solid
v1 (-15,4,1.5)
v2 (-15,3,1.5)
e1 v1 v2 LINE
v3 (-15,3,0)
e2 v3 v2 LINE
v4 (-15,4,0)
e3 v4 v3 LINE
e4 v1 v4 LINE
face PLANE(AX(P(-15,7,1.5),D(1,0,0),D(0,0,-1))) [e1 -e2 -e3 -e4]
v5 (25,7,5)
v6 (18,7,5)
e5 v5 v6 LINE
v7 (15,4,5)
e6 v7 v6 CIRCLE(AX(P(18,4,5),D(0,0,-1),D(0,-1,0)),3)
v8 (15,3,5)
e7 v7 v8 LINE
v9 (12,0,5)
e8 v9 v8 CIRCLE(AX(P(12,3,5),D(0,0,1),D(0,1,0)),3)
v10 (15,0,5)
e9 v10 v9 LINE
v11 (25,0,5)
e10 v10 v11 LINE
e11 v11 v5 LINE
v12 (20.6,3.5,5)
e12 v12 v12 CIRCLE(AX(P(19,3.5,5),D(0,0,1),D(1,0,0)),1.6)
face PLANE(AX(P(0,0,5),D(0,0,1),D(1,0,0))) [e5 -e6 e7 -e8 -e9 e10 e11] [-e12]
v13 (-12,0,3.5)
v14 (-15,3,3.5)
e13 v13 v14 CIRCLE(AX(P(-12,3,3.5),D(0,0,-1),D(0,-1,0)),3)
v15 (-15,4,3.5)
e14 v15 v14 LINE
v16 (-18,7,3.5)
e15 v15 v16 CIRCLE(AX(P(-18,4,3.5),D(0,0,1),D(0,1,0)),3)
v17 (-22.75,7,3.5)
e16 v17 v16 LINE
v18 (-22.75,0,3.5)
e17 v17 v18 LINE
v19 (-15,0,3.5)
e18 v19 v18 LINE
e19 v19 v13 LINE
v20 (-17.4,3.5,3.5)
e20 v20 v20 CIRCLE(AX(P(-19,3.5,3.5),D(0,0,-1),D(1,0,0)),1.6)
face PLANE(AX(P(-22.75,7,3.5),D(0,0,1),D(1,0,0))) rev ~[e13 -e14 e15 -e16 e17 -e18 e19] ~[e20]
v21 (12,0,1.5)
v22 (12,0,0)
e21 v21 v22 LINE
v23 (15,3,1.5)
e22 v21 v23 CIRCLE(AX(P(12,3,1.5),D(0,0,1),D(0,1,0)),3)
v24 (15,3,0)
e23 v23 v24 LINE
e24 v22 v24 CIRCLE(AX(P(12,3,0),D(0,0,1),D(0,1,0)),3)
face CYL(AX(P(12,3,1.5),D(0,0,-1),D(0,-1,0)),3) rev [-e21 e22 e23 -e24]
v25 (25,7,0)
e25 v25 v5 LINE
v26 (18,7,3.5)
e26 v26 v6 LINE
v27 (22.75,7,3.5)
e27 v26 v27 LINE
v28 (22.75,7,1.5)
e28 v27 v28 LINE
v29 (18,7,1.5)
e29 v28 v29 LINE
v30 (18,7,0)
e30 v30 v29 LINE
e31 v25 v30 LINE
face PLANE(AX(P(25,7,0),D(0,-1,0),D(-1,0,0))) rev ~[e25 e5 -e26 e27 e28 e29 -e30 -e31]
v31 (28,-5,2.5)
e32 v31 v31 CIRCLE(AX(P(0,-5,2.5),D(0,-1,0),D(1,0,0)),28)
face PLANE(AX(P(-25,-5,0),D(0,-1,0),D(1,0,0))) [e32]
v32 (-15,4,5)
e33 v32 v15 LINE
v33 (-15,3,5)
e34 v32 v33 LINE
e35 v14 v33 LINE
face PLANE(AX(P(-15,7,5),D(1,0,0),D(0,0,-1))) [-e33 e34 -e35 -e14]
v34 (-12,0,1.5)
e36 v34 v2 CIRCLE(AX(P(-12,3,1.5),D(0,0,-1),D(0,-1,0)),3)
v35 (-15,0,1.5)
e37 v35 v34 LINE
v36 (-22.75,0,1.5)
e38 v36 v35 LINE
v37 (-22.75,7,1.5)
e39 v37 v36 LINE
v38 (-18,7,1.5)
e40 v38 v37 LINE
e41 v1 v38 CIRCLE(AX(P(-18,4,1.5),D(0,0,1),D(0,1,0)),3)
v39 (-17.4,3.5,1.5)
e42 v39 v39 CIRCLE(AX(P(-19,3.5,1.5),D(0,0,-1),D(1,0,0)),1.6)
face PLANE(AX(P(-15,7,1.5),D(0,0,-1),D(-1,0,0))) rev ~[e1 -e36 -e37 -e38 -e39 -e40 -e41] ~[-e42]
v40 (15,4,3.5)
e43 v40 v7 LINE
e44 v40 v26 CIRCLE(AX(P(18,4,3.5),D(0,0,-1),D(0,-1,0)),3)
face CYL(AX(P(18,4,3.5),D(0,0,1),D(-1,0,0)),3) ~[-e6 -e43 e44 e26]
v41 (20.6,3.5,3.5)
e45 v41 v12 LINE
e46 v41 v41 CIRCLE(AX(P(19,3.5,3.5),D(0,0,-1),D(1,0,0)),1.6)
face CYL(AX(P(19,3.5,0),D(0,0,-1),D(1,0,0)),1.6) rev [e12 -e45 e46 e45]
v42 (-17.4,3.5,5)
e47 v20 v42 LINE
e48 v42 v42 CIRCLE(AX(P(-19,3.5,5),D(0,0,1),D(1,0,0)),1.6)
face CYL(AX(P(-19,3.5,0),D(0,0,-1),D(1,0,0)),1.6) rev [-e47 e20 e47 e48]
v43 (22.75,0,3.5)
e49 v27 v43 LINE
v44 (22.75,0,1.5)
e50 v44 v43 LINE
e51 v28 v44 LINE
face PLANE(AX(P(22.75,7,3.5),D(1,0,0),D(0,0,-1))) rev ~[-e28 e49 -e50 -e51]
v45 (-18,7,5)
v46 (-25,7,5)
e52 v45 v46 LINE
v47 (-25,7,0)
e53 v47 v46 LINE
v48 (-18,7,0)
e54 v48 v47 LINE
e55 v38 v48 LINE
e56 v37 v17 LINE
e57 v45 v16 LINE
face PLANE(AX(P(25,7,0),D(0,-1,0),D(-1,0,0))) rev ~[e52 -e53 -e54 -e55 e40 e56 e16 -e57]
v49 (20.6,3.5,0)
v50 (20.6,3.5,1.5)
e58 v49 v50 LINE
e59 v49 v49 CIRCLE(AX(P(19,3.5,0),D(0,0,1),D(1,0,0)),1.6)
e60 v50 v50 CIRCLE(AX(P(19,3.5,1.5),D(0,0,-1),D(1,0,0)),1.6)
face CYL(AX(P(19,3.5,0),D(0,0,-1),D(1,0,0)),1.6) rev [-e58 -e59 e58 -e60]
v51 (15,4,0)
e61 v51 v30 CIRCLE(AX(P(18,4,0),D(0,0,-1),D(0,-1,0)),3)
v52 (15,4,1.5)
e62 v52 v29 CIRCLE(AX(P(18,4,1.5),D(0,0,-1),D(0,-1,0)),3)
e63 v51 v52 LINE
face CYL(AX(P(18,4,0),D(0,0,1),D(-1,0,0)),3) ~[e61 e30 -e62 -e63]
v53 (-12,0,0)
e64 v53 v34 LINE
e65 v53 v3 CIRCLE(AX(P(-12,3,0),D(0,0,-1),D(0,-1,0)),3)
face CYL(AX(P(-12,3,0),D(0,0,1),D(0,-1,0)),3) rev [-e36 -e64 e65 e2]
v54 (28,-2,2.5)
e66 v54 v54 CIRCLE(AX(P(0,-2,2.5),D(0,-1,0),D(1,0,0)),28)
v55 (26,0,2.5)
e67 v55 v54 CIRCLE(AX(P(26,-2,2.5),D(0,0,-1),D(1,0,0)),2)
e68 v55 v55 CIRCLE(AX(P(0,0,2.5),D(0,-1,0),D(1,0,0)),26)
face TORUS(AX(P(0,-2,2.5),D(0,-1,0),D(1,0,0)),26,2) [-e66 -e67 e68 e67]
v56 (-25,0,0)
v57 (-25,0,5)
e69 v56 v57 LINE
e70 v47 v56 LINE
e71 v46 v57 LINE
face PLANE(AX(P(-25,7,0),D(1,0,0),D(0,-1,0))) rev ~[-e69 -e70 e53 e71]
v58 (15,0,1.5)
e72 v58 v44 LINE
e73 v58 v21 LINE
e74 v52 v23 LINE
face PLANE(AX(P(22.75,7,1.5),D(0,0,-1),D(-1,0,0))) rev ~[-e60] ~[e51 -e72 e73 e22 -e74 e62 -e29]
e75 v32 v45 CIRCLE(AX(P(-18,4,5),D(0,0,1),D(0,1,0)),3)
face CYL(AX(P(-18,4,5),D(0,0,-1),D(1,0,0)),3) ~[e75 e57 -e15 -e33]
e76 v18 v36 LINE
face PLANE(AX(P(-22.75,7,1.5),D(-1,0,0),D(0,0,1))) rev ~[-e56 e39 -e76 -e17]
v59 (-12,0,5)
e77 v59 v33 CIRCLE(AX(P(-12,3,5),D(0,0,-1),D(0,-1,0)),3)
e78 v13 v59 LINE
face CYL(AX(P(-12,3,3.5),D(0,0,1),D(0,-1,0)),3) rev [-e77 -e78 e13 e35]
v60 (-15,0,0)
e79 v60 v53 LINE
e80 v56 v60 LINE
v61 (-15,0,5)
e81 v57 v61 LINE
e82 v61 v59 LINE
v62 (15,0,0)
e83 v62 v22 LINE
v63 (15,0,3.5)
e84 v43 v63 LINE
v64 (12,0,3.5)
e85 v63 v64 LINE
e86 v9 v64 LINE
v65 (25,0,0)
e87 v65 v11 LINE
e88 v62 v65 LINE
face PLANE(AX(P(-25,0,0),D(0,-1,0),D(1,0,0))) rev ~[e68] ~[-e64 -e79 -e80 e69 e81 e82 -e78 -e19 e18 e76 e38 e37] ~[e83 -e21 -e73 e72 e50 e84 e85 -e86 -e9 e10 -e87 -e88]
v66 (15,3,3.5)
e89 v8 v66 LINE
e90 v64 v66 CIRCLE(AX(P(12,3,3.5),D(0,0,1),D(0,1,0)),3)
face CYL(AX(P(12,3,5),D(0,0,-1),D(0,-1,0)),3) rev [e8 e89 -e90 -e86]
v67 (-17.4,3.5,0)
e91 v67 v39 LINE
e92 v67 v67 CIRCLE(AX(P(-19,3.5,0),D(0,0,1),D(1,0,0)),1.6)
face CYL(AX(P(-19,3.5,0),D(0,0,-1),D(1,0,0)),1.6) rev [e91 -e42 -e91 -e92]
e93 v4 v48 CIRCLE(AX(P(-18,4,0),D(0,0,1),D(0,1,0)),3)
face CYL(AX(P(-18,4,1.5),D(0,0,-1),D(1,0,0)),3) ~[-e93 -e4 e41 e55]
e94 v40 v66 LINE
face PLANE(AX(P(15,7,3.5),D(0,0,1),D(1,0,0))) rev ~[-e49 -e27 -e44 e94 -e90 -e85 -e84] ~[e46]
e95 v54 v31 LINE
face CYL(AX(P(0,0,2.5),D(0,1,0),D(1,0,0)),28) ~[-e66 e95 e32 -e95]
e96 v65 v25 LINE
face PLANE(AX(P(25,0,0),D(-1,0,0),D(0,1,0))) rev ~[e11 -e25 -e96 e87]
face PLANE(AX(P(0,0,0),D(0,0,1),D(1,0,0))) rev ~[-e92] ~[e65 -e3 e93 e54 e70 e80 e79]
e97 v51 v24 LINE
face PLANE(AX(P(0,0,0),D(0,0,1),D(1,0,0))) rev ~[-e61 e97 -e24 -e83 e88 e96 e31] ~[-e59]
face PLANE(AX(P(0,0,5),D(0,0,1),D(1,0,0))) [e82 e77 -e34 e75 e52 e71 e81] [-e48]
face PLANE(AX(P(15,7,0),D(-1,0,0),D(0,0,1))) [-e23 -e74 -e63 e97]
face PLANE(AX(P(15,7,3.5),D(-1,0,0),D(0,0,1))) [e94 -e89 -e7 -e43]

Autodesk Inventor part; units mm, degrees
ref_plane "YZ Plane" through (0, 0, 0) normal (1, 0, 0) x (0, 1, 0)
ref_plane "XZ Plane" through (0, 0, 0) normal (0, 1, 0) x (-1, 0, 0)
ref_plane "XY Plane" through (0, 0, 0) normal (0, 0, 1) x (1, 0, 0)
sketch "Sketch1" plane through (0, 0, 0) normal (0, 0, 1) x (1, 0, 0)
  line L0 (25, 7) -> (-25, 7)
  line L1 (-25, 7) -> (-25, 0)
  line L2 (-25, 0) -> (25, 0)
  line L3 (25, 0) -> (25, 7)
  circle A0 centre (-19, 3.5) radius 1.6
  circle A1 centre (19, 3.5) radius 1.6
  line L4 (19, 3.5) -> (-19, 3.5) construction
  line L5 (19, 3.5) -> (25, 7) construction
  line L6 (19, 3.5) -> (25, 0) construction
  line L7 (-19, 3.5) -> (-25, 7) construction
  line L8 (-19, 3.5) -> (-25, 0) construction
  line L9 (0, 0) -> (-19, 3.5) construction
  line L10 (0, 0) -> (19, 3.5) construction
  dimension "d0" = 3.2
  dimension "d1" = 38
  dimension "d2" = 7
  dimension "d3" = 50
extrude "Extrusion1" add sketch "Sketch1" along normal blind 5
sketch "Sketch2" plane through (-25, 7, 0) normal (0, 1, 0) x (1, 0, 0)
  line L0 (2.25, -3.5) -> (10, -3.5)
  line L1 (47.75, -3.5) -> (47.75, -1.5)
  line L2 (47.75, -1.5) -> (40, -1.5)
  line L3 (2.25, -1.5) -> (2.25, -3.5)
  line L4 (50, -5) -> (0, -5) construction
  line L5 (0, -5) -> (2.25, -3.5) construction
  line L6 (50, 0) -> (0, 0) construction
  line L7 (2.25, -1.5) -> (0, 0) construction
  line L8 (50, 0) -> (50, -5) construction
  line L9 (47.75, -3.5) -> (50, -5) construction
  line L10 (40, -3.5) -> (40, -5)
  line L11 (40, -5) -> (10, -5)
  line L12 (10, -5) -> (10, -3.5)
  line L13 (10, -1.5) -> (10, 0)
  line L14 (10, 0) -> (40, 0)
  line L15 (40, 0) -> (40, -1.5)
  line L16 (40, -3.5) -> (47.75, -3.5)
  line L17 (40, -1.5) -> (10, -1.5) construction
  line L18 (10, -3.5) -> (40, -3.5) construction
  line L19 (10, -1.5) -> (2.25, -1.5)
  line L20 (47.75, -3.5) -> (40, -5) construction
  line L21 (40, 0) -> (47.75, -1.5) construction
  line L22 (10, -5) -> (2.25, -3.5) construction
  line L23 (2.25, -1.5) -> (10, 0) construction
  point P0 (25, 0)
  dimension "d6" = 45.5
  dimension "d7" = 2
  dimension "d13" = 30
extrude "Extrusion2" cut sketch "Sketch2" against normal up to next
sketch "Sketch3" plane through (-25, 0, 0) normal (0, -1, 0) x (1, 0, 0)
  circle A0 centre (25, 2.5) radius 28
  line L0 (0, 5) -> (50, 5) construction
  line L1 (0, 5) -> (25, 2.5) construction
  line L2 (0, 0) -> (50, 0) construction
  line L3 (25, 2.5) -> (0, 0) construction
  line L4 (25, 2.5) -> (50, 5) construction
  point P0 (25, 0)
  dimension "d10" = 56
extrude "Extrusion3" add sketch "Sketch3" along normal blind 5
fillet "Fillet1" radius 3 8 edges at (15, 7, 0.75) (15, 7, 4.25) (15, 0, 4.25) (15, 0, 0.75) (-15, 0, 0.75) (-15, 7, 0.75) (-15, 7, 4.25) (-15, 0, 4.25)
fillet "Fillet2" radius 2 1 edges at (-28, 0, 2.5)
properties part number "Main PCB Base"
